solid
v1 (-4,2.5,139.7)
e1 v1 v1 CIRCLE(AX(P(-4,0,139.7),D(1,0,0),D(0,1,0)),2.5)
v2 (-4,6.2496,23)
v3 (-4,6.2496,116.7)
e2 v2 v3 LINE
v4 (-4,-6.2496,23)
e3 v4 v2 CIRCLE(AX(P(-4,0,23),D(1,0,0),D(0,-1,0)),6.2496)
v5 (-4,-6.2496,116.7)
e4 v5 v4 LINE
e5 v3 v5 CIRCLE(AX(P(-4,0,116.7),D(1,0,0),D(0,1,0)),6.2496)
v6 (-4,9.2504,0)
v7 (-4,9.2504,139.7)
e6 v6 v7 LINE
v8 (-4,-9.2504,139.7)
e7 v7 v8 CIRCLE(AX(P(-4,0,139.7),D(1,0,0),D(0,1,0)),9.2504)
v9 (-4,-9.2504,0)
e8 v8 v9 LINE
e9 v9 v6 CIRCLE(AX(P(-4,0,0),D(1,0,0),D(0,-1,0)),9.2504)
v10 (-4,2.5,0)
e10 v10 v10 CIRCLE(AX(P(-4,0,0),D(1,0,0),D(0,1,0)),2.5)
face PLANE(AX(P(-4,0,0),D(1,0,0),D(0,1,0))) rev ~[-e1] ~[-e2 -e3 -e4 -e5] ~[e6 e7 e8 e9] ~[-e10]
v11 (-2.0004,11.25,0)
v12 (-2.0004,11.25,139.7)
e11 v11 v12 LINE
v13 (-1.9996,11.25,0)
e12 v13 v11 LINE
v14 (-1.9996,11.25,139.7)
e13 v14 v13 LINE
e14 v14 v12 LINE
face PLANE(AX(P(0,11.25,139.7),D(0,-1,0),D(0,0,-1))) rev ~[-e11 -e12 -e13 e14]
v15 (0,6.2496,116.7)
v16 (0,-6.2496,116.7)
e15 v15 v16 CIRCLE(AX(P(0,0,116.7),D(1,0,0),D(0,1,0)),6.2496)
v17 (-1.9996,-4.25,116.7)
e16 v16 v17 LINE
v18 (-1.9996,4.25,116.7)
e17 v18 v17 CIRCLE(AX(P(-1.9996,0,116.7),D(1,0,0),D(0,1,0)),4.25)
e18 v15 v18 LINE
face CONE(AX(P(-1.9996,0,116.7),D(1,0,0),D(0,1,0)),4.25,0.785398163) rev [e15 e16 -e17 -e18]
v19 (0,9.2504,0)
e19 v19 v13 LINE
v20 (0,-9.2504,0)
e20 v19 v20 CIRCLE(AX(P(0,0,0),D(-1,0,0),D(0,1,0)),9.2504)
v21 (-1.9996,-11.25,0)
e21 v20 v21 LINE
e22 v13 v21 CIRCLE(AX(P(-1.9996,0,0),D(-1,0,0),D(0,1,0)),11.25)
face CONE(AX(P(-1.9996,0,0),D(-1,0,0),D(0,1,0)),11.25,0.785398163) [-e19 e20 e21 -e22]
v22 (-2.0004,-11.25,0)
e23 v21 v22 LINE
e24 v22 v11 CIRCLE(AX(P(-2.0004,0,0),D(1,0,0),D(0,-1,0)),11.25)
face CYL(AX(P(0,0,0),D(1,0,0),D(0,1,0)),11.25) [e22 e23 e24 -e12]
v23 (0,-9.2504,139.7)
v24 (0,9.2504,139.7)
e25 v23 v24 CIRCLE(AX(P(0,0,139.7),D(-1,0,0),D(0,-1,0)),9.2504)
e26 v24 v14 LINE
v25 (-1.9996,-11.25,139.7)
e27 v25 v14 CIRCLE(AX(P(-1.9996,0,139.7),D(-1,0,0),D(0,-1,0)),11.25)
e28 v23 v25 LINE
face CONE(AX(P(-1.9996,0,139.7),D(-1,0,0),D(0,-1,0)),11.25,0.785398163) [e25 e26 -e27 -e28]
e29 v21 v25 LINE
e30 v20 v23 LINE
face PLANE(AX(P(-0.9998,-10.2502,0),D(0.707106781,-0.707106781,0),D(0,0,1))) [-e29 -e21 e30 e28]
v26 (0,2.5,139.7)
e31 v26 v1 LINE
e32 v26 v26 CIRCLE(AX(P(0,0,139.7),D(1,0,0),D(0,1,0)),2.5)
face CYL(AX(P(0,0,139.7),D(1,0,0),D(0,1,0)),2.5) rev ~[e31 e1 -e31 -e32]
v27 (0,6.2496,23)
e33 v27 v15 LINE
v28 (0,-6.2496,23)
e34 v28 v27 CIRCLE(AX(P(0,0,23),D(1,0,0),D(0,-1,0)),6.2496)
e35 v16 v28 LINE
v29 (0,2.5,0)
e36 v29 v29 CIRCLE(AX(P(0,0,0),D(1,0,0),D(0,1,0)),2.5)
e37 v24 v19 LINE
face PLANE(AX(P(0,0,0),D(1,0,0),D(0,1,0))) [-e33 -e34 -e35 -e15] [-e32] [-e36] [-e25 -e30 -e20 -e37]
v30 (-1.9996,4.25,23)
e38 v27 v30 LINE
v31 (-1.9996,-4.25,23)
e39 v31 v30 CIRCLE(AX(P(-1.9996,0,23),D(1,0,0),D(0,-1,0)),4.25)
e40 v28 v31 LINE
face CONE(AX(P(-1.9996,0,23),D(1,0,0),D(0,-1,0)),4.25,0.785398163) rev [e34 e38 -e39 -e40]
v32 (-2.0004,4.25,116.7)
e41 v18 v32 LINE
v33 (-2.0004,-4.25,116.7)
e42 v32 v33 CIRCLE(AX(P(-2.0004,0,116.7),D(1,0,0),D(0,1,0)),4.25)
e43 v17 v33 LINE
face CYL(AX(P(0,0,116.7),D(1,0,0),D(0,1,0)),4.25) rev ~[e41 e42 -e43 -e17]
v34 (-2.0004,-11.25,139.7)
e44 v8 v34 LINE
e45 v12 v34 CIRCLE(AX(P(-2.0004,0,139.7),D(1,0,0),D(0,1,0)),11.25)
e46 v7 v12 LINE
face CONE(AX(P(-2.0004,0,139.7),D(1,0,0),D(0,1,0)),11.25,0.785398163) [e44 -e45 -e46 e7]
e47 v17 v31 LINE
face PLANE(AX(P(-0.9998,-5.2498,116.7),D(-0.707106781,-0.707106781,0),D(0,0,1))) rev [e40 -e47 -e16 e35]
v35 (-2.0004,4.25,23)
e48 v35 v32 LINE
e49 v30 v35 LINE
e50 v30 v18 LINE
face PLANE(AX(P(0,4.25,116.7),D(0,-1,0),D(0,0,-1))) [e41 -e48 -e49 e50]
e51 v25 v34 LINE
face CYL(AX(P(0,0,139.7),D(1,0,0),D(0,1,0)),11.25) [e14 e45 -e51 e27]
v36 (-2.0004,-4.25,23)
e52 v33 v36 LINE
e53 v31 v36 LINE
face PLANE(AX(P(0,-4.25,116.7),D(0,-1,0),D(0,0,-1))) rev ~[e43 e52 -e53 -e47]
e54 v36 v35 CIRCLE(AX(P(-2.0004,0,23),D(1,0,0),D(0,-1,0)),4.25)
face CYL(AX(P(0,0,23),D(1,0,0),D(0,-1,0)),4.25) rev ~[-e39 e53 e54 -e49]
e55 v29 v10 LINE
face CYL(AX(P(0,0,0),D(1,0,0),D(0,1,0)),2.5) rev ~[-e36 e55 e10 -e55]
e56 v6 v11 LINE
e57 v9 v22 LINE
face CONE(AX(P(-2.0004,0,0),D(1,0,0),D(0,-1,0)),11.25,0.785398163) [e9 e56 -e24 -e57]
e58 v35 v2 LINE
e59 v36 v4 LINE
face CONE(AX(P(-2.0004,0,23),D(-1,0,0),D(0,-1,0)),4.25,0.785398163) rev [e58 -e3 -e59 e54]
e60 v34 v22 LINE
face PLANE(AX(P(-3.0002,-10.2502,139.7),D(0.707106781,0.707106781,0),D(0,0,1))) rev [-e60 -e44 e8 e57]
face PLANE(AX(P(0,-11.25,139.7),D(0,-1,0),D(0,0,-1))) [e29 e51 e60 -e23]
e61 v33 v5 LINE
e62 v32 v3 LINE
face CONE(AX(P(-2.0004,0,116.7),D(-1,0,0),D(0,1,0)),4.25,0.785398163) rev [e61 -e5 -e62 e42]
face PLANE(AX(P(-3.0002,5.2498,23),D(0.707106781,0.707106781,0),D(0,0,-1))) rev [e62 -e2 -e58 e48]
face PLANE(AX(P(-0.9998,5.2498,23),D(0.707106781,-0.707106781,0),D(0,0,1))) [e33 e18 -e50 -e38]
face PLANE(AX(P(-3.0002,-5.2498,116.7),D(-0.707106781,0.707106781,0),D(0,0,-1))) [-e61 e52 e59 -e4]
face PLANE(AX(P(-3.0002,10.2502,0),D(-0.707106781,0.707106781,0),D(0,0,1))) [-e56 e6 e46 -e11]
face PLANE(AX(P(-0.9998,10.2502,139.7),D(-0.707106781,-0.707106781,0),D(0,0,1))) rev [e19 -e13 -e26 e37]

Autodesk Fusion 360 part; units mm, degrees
sketch "Sketch1" plane through (0, 0, 0) normal (1, 0, 0) x (0, 1, 0)
  line L0 (2.8, 6) -> (2.8, 5.1079)
  arc A0 (2.8, 6) -> (-2.8, 6) centre (0, 6) ccw
  arc A1 (-2.8, 5.1079) -> (2.8, 5.1079) centre (0, 0) ccw
  line L1 (-2.8, 5.1079) -> (-2.8, 6)
  circle A2 centre (0, 0) radius 2.5
  circle A3 centre (0, 0) radius 11.25
  circle A4 centre (0, 0) radius 2.5
  line L2 (2.8, 6) -> (2.8, 5.1079)
  circle A5 centre (0, 0) radius 11.25
  line L3 (-2.8, 5.1079) -> (-2.8, 6)
  arc A6 (2.8, 6) -> (-2.8, 6) centre (0, 6) ccw
  arc A7 (-2.8, 5.1079) -> (2.8, 5.1079) centre (0, 0) ccw
  arc A8 (-2.8, 144.8079) -> (2.8, 144.8079) centre (0, 139.7) ccw
  line L4 (2.8, 145.7) -> (2.8, 144.8079)
  circle A9 centre (0, 139.7) radius 11.25
  circle A10 centre (0, 139.7) radius 11.25
  circle A11 centre (0, 139.7) radius 2.5
  line L5 (-2.8, 144.8079) -> (-2.8, 145.7)
  line L6 (2.8, 145.7) -> (2.8, 144.8079)
  circle A12 centre (0, 139.7) radius 2.5
  arc A13 (2.8, 145.7) -> (-2.8, 145.7) centre (0, 145.7) ccw
  arc A14 (2.8, 145.7) -> (-2.8, 145.7) centre (0, 145.7) ccw
  line L7 (-2.8, 144.8079) -> (-2.8, 145.7)
  arc A15 (-2.8, 144.8079) -> (2.8, 144.8079) centre (0, 139.7) ccw
  line L8 (0, 139.7) -> (0, 0) construction
  line L9 (0, 139.7) -> (-11.25, 139.7) construction
  line L10 (0, 0) -> (-11.25, 0) construction
  line L11 (0, 69.85) -> (50, 69.85) construction
  arc A16 (-7.2247, 139.7) -> (-7.2753, 140.1491) centre (-629.3846, 69.85) ccw
  arc A17 (-7.2753, -0.4491) -> (-7.2247, 0) centre (-629.3846, 69.85) ccw
  line L12 (11.25, 139.7) -> (11.25, 0)
  line L13 (-11.25, 139.7) -> (-11.25, 0)
  arc A18 (7.25, 116.7) -> (-7.25, 116.7) centre (0, 116.7) ccw
  arc A19 (-7.25, 23) -> (7.25, 23) centre (0, 23) ccw
  line L14 (-7.25, 116.7) -> (-7.25, 23)
  line L15 (7.25, 116.7) -> (7.25, 23)
  circle A20 centre (0, 128.45) radius 2.25
  circle A21 centre (0, 11.25) radius 2.25
  arc A22 (-4.25, 23) -> (4.25, 23) centre (0, 23) ccw
  line L16 (4.25, 116.7) -> (4.25, 23)
  arc A23 (4.25, 116.7) -> (-4.25, 116.7) centre (0, 116.7) ccw
  line L17 (-4.25, 116.7) -> (-4.25, 23)
  point P0 (0, 5.375)
  point P1 (0, 5.375)
  point P2 (0, 150.95)
  point P3 (0, 145.075)
  point P4 (0, 150.95)
  point P5 (0, 139.7)
  point P6 (0, 139.7)
  point P7 (0, 145.075)
  dimension "d1" = 11.65
  dimension "d3" = 5.6
  dimension "d4" = 6
  dimension "d5" = 5
  dimension "d6" = 22.5
  dimension "d8" = 11.65
  dimension "d9" = 5.6
  dimension "d10" = 6
  dimension "d11" = 5
  dimension "d12" = 22.5
  dimension "d14" = 11.65
  dimension "d15" = 5.6
  dimension "d16" = 6
  dimension "d17" = 5
  dimension "d18" = 22.5
  dimension "d19" = 11.65
  dimension "d20" = 5.6
  dimension "d21" = 6
  dimension "d22" = 5
  dimension "d23" = 22.5
  dimension "d60" = 4.5
  dimension "d63" = -3
extrude "Extrude1" add sketch "Sketch1" against normal blind 4 contours L0 A0 A1 L1 L2 L3 A6 A7 | A3 A5 A21 | A3 A5 A9 A10 L12 L13 A20 A21 | A3 A5 A21 | A3 A5 A21 | A9 A10 A20 | A9 A10 A20 | A9 A10 A20 | A8 L4 L5 L6 A13 A14 L7 A15 | A18 A19 L14 L15
ref_plane "WorkPlane1" through (25.5, 0, 69.85) normal (1, 0, 0) x (0, 1, 0)
chamfer "Chamfer1" distance 2 angle 45 8 edges at (0, 11.25, 69.85) (0, 0, -11.25) (0, -11.25, 69.85) (0, 0, 150.95) (-4, 0, 150.95) (-4, 11.25, 69.85) (-4, 0, -11.25) (-4, -11.25, 69.85)
chamfer "Chamfer3" distance 2 angle 45 8 edges at (0, 0, 120.95) (0, 4.25, 69.85) (0, 0, 18.75) (0, -4.25, 69.85) (-4, 0, 120.95) (-4, -4.25, 69.85) (-4, 0, 18.75) (-4, 4.25, 69.85)
sketch "Sketch2" plane through (25.5, 0, 0) normal (1, 0, 0) x (0, 1, 0)
  arc A0 (-2.8, 144.8079) -> (2.8, 144.8079) centre (0, 139.7) ccw
  arc A1 (2.8, 145.7) -> (-2.8, 145.7) centre (0, 145.7) ccw
  line L0 (11.25, 139.7) -> (11.25, 0)
  line L1 (0, 139.7) -> (0, 0) construction
  circle A2 centre (0, 139.7) radius 11.25
  line L2 (-2.8, 144.8079) -> (-2.8, 145.7)
  circle A3 centre (0, 139.7) radius 11.25
  line L3 (-11.25, 139.7) -> (-11.25, 0)
  circle A4 centre (0, 0) radius 11.25
  line L4 (2.8, 145.7) -> (2.8, 144.8079)
  circle A5 centre (0, 139.7) radius 2.5
  line L5 (0, 139.7) -> (-11.25, 139.7) construction
  line L6 (2.8, 145.7) -> (2.8, 144.8079)
  arc A6 (7.25, 116.7) -> (-7.25, 116.7) centre (0, 116.7) ccw
  circle A7 centre (0, 139.7) radius 2.5
  arc A8 (-7.2247, 139.7) -> (-7.2753, 140.1491) centre (-629.3846, 69.85) ccw
  arc A9 (2.8, 145.7) -> (-2.8, 145.7) centre (0, 145.7) ccw
  line L7 (-2.8, 144.8079) -> (-2.8, 145.7)
  line L8 (-7.25, 116.7) -> (-7.25, 23)
  line L9 (7.25, 116.7) -> (7.25, 23)
  arc A10 (-2.8, 144.8079) -> (2.8, 144.8079) centre (0, 139.7) ccw
  circle A11 centre (0, 0) radius 2.5
  arc A12 (2.8, 6) -> (-2.8, 6) centre (0, 6) ccw
  arc A13 (2.8, 6) -> (-2.8, 6) centre (0, 6) ccw
  line L10 (-2.8, 5.1079) -> (-2.8, 6)
  line L11 (2.8, 6) -> (2.8, 5.1079)
  circle A14 centre (0, 0) radius 2.5
  arc A15 (-2.8, 5.1079) -> (2.8, 5.1079) centre (0, 0) ccw
  arc A16 (-2.8, 5.1079) -> (2.8, 5.1079) centre (0, 0) ccw
  line L12 (2.8, 6) -> (2.8, 5.1079)
  arc A17 (-7.25, 23) -> (7.25, 23) centre (0, 23) ccw
  arc A18 (-7.2753, -0.4491) -> (-7.2247, 0) centre (-629.3846, 69.85) ccw
  circle A19 centre (0, 0) radius 11.25
  line L13 (0, 0) -> (-11.25, 0) construction
  line L14 (-2.8, 5.1079) -> (-2.8, 6)
  point P0 (0, 69.85)
  point P1 (0, 150.95)
  point P2 (0, 139.7)
  point P3 (0, 145.075)
  point P4 (0, 150.95)
  point P5 (0, 5.375)
  point P6 (0, 145.075)
  point P7 (0, 139.7)
  point P8 (0, 5.375)
  dimension "d36" = 11.65
  dimension "d37" = 5.6
  dimension "d38" = 6
  dimension "d39" = 5
  dimension "d40" = 22.5
  dimension "d41" = 11.65
  dimension "d42" = 5.6
  dimension "d43" = 6
  dimension "d44" = 5
  dimension "d45" = 22.5
  dimension "d46" = 11.65
  dimension "d47" = 5.6
  dimension "d48" = 6
  dimension "d49" = 5
  dimension "d50" = 22.5
  dimension "d51" = 11.65
  dimension "d52" = 5.6
  dimension "d53" = 6
  dimension "d54" = 5
  dimension "d55" = 22.5
  dimension "d56" = 4
  dimension "d57" = 4
extrude "Extrude2" [suppressed]
